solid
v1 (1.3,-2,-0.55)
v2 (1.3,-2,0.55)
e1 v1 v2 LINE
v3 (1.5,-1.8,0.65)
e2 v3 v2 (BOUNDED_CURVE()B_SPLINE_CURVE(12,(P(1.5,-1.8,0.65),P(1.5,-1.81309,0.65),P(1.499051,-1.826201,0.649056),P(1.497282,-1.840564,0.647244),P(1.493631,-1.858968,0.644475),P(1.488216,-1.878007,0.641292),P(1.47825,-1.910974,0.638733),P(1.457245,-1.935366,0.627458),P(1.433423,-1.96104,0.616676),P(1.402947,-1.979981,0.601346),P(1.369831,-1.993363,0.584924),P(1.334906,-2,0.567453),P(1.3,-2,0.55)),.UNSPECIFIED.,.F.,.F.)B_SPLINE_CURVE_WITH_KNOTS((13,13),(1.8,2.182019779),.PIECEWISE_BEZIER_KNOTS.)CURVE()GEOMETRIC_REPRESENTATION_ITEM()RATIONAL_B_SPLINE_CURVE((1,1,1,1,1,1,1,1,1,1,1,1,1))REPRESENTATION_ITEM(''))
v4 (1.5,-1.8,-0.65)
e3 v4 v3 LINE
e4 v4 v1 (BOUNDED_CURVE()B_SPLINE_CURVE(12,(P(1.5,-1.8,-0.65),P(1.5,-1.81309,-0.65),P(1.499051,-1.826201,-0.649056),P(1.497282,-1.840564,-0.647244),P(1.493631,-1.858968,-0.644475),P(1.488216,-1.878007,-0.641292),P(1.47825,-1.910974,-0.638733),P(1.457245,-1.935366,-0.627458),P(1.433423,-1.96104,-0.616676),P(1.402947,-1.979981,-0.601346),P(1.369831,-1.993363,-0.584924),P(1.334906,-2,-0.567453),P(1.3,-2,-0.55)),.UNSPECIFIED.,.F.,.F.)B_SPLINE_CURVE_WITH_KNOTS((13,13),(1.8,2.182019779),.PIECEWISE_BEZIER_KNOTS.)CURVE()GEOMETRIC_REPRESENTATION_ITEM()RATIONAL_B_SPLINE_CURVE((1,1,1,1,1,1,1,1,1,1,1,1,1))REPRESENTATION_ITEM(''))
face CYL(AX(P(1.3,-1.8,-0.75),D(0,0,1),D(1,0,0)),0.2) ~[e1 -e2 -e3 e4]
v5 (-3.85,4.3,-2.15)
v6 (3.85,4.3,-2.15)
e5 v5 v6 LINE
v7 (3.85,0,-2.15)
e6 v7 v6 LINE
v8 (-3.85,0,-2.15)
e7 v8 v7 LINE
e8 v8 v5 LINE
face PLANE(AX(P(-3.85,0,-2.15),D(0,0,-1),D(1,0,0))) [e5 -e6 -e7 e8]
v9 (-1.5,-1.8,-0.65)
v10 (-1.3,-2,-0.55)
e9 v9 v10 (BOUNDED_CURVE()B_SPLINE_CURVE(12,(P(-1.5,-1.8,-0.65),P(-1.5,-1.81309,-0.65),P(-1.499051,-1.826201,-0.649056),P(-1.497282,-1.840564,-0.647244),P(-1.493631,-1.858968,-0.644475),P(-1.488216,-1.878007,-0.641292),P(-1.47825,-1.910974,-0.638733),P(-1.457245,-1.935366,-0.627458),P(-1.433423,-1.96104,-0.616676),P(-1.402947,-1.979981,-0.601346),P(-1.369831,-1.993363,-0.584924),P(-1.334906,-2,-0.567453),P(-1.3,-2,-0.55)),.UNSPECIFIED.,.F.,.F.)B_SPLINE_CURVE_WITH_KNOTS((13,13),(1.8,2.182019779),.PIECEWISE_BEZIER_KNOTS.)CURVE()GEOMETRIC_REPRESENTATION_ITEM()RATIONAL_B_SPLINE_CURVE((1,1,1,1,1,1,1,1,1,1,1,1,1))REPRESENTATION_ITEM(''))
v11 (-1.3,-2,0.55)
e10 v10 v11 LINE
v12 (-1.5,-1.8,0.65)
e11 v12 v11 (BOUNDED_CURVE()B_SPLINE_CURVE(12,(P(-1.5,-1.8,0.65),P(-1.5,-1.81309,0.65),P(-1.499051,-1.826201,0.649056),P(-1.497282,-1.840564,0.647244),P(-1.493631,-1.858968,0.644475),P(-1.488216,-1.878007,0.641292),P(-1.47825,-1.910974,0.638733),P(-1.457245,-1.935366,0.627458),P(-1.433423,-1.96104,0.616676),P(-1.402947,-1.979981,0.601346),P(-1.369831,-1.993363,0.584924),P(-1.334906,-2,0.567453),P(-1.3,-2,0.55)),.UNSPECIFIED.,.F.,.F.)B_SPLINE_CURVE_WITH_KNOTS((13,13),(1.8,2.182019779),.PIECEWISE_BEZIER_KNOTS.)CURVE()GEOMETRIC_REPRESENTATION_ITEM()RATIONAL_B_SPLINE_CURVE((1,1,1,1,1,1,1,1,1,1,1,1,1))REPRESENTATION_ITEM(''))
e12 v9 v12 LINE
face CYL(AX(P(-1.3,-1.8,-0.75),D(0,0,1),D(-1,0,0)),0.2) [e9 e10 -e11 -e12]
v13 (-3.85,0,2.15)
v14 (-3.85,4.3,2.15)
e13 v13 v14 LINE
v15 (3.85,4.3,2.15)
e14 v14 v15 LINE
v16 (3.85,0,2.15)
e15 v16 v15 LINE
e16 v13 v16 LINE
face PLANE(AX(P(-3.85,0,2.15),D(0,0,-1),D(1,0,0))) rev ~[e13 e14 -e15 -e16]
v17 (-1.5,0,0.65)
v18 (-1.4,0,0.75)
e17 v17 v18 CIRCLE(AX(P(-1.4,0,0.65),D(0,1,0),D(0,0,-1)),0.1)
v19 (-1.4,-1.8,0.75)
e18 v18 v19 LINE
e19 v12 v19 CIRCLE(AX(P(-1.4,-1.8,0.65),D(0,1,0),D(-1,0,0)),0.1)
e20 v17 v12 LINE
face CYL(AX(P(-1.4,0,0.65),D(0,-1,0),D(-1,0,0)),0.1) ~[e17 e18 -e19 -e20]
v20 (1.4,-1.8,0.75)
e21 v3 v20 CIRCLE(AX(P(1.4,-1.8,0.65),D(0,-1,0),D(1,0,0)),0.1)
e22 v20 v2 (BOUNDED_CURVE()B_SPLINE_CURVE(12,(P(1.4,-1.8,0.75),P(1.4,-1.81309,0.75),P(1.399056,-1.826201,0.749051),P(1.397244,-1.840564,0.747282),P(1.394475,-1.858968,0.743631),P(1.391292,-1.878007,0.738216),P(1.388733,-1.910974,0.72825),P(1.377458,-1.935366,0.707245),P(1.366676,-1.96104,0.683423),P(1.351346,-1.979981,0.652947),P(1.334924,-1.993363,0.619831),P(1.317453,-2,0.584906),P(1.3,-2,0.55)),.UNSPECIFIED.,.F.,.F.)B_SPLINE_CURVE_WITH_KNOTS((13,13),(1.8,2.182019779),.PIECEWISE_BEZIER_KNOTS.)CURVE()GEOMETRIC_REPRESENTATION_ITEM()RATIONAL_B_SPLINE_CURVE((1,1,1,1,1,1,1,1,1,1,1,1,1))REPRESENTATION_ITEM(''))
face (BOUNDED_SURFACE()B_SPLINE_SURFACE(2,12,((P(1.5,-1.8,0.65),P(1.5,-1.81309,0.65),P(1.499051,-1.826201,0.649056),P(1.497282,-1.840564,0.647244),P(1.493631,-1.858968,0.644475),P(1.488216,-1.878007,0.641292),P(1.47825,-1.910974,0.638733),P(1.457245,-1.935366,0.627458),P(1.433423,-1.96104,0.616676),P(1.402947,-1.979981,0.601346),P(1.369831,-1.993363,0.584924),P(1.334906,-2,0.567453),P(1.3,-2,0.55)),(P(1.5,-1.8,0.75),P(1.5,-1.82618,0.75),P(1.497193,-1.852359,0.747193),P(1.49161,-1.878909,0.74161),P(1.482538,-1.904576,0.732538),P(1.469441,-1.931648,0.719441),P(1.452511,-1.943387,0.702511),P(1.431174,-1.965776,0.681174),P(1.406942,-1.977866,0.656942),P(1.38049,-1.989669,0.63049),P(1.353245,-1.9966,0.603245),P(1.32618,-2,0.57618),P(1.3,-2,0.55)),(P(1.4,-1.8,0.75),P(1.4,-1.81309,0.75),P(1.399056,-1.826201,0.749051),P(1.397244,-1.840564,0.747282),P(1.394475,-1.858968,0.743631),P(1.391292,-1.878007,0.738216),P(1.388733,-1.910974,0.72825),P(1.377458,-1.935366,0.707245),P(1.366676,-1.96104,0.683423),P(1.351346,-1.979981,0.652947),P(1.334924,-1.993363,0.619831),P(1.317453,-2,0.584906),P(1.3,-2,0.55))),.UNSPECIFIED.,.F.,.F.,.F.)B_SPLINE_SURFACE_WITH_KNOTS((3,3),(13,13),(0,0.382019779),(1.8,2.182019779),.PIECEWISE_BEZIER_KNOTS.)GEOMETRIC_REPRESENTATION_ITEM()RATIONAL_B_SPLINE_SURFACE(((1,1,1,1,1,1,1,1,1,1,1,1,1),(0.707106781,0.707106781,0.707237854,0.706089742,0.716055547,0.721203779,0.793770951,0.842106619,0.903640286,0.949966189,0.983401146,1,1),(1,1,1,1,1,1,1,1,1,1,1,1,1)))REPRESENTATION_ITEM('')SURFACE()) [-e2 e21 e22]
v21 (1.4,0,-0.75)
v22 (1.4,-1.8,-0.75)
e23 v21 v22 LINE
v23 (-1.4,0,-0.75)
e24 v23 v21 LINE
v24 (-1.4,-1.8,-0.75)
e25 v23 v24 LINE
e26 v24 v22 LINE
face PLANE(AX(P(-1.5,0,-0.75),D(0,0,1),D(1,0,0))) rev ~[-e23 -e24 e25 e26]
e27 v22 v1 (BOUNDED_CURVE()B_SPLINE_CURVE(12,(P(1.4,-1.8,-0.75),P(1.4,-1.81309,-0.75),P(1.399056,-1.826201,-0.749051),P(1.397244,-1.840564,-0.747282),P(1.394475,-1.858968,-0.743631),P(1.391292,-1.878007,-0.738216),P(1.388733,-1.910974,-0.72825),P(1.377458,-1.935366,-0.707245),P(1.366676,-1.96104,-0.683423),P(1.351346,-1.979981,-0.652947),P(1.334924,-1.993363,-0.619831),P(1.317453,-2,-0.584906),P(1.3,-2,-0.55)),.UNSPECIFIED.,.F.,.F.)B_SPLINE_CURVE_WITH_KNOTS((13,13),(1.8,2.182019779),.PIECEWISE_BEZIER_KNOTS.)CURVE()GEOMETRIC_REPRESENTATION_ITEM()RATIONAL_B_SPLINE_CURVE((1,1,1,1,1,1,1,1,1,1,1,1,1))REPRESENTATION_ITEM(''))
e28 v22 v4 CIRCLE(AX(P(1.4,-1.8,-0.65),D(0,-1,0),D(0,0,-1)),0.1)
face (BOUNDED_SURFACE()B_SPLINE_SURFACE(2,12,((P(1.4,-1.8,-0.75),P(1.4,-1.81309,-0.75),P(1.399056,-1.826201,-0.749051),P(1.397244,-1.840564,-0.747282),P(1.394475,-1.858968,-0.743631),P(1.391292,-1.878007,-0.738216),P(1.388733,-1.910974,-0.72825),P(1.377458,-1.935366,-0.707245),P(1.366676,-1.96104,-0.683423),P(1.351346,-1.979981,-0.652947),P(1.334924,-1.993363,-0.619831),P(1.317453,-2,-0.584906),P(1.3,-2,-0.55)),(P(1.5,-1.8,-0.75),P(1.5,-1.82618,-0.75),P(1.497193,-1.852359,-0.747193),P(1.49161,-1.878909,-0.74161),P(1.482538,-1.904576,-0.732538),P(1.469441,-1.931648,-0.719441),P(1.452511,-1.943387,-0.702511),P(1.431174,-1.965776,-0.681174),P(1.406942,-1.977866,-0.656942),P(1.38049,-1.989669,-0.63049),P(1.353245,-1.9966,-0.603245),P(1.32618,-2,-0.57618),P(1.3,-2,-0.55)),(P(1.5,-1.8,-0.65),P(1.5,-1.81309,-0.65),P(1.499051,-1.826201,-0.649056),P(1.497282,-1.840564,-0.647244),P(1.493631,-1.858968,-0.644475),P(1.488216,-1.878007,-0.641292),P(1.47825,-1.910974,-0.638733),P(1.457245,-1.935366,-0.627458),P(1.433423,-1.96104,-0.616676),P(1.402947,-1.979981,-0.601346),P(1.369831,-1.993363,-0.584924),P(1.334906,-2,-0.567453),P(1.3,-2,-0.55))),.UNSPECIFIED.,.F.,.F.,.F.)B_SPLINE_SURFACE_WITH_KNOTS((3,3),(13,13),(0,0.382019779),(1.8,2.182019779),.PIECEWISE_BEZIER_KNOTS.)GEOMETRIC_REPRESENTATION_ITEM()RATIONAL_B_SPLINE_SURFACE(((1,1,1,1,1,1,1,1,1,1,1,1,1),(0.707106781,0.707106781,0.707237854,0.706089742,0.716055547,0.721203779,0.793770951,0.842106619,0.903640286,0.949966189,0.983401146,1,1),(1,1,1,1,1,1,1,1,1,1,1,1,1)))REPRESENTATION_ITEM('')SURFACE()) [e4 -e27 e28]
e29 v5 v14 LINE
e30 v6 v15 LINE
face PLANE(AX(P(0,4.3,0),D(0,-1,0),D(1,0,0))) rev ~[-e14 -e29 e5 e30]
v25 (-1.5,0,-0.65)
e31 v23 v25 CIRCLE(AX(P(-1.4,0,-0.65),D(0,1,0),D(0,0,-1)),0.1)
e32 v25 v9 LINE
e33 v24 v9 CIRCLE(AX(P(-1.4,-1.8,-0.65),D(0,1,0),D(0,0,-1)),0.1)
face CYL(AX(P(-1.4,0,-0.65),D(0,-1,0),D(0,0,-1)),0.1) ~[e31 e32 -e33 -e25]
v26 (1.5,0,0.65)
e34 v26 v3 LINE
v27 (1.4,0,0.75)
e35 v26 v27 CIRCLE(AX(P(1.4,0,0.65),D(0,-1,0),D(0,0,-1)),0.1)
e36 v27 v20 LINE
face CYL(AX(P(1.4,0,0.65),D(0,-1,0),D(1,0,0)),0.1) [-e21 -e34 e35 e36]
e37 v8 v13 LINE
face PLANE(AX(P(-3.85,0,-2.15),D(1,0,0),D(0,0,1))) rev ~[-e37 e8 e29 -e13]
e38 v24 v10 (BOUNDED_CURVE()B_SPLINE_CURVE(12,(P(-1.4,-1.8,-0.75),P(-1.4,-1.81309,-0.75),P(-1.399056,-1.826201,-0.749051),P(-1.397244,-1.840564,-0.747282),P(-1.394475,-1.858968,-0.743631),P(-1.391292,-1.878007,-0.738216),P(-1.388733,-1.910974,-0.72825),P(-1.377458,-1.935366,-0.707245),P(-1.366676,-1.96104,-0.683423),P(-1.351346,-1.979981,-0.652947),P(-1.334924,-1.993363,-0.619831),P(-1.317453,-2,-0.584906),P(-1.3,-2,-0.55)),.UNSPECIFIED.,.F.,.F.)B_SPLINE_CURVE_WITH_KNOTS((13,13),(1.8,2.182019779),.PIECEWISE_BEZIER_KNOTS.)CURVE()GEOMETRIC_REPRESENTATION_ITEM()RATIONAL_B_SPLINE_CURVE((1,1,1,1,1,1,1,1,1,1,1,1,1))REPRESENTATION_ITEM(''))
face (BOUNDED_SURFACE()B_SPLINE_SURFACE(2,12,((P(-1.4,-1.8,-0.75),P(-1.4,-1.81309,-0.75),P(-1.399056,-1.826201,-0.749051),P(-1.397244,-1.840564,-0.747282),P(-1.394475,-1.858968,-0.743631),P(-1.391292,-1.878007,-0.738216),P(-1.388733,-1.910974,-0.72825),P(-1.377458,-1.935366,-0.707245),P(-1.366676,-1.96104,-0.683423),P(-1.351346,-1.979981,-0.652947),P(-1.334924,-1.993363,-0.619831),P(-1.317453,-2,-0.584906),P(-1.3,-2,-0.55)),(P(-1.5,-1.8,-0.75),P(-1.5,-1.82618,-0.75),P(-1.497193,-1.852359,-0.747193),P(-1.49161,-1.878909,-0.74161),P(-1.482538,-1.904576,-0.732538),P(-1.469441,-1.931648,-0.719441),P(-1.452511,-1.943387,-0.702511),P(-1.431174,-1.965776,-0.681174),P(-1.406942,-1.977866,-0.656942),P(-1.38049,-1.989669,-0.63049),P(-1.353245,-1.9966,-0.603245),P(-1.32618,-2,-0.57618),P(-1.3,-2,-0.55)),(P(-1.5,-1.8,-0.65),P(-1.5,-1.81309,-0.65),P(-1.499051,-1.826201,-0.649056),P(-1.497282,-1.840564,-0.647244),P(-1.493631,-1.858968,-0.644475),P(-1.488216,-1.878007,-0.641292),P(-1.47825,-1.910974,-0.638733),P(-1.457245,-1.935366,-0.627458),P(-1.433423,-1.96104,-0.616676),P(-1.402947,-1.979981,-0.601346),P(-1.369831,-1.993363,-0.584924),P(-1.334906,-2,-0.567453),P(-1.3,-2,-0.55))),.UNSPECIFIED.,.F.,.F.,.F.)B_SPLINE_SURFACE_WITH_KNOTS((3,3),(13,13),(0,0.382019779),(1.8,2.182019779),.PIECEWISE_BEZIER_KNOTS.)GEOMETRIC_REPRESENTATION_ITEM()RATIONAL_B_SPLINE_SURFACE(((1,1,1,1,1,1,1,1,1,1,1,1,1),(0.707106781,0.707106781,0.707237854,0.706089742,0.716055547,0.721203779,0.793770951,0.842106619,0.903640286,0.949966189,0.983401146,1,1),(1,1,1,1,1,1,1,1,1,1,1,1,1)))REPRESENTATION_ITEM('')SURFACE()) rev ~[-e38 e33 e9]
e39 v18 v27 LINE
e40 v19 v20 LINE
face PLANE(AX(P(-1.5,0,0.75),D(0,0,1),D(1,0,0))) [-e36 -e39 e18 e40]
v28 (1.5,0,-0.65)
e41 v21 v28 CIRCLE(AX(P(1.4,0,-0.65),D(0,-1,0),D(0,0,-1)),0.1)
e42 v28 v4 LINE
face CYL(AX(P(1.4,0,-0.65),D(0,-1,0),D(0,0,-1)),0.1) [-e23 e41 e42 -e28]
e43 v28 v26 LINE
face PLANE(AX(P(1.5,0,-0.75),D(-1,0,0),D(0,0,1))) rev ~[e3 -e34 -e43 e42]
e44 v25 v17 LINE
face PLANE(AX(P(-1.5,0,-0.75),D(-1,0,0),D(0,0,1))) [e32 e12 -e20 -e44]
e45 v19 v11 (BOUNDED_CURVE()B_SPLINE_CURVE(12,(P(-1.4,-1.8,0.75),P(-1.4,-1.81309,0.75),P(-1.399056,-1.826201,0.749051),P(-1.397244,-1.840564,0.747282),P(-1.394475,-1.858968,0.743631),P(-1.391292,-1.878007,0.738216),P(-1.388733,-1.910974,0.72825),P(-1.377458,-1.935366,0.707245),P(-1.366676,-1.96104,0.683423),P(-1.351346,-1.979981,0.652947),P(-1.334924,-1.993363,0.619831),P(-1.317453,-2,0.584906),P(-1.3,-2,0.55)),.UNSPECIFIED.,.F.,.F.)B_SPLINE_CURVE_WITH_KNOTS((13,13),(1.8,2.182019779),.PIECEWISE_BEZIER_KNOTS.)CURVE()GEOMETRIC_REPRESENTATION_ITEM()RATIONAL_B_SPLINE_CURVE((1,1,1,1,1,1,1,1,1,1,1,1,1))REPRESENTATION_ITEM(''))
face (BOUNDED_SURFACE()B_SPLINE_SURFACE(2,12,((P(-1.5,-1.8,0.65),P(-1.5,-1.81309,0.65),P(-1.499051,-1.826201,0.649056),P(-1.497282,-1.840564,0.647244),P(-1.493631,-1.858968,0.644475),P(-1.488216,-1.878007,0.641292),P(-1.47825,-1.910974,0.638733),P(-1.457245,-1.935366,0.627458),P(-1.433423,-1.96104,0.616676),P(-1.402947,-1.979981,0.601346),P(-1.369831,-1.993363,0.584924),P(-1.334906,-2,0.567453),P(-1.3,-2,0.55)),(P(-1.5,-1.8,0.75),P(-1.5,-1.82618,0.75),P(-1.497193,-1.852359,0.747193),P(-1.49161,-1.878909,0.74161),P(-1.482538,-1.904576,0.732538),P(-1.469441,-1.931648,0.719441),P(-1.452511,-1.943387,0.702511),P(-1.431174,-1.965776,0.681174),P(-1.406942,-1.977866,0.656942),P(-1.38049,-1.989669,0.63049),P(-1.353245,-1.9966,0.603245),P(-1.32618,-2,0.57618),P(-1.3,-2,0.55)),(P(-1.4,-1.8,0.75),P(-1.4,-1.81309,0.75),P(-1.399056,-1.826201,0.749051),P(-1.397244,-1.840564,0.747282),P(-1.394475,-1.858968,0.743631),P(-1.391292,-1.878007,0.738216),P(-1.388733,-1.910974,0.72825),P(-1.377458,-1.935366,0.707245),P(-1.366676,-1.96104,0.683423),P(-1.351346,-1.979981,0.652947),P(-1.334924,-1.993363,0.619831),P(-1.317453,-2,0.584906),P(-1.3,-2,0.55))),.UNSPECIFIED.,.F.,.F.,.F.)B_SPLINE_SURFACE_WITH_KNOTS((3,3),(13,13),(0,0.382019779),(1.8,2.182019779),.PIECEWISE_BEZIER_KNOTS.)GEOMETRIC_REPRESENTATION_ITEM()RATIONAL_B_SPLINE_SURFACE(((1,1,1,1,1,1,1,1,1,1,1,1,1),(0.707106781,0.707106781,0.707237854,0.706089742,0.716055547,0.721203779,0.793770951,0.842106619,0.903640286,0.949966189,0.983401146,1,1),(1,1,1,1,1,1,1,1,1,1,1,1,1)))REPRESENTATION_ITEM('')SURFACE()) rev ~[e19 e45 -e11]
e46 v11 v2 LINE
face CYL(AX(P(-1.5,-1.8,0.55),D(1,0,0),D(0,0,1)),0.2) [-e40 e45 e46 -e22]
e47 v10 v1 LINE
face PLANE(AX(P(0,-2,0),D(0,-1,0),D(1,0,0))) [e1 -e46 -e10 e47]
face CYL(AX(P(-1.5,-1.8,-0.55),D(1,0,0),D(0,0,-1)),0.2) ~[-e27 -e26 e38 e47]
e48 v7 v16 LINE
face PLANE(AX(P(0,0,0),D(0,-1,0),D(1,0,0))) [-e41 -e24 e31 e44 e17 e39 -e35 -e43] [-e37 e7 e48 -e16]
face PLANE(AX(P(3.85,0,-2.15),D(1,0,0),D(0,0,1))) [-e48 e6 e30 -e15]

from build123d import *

# Parameters (mm, degrees)
F0_W     = 7.7
F0_H     = 4.3
F0_W_2   = 3
F0_H_2   = 1.5
F1_DEPTH = 4.3
F2_DEPTH = 2
F3_R     = 0.2
F4_R     = 0.1


with BuildPart() as f1:
    # F0 (on Front) → F1 (new body)
    with BuildSketch(Plane.XZ):
        Rectangle(F0_W, F0_H)
        Rectangle(F0_W_2, F0_H_2, mode=Mode.SUBTRACT)
        Rectangle(F0_W_2, F0_H_2)
    extrude(amount=-F1_DEPTH)

    # F0 (on Front) → F2 (join)
    with BuildSketch(Plane.XZ):
        Rectangle(F0_W_2, F0_H_2)
    extrude(amount=F2_DEPTH)

    # F3
    f3_edges = [f1.edges().sort_by_distance(p)[0] for p in [
        (0, -2, 0.75),
        (1.5, -2, 0),
        (0, -2, -0.75),
        (-1.5, -2, 0),
    ]]
    fillet(f3_edges, radius=F3_R)

    # F4
    f4_edges = [f1.edges().sort_by_distance(p)[0] for p in [
        (1.42921, -1.952659, 0.67921),
        (1.42921, -1.952659, -0.67921),
        (-1.42921, -1.952659, -0.67921),
        (-1.42921, -1.952659, 0.67921),
    ]]
    fillet(f4_edges, radius=F4_R)


solid = f1.part
